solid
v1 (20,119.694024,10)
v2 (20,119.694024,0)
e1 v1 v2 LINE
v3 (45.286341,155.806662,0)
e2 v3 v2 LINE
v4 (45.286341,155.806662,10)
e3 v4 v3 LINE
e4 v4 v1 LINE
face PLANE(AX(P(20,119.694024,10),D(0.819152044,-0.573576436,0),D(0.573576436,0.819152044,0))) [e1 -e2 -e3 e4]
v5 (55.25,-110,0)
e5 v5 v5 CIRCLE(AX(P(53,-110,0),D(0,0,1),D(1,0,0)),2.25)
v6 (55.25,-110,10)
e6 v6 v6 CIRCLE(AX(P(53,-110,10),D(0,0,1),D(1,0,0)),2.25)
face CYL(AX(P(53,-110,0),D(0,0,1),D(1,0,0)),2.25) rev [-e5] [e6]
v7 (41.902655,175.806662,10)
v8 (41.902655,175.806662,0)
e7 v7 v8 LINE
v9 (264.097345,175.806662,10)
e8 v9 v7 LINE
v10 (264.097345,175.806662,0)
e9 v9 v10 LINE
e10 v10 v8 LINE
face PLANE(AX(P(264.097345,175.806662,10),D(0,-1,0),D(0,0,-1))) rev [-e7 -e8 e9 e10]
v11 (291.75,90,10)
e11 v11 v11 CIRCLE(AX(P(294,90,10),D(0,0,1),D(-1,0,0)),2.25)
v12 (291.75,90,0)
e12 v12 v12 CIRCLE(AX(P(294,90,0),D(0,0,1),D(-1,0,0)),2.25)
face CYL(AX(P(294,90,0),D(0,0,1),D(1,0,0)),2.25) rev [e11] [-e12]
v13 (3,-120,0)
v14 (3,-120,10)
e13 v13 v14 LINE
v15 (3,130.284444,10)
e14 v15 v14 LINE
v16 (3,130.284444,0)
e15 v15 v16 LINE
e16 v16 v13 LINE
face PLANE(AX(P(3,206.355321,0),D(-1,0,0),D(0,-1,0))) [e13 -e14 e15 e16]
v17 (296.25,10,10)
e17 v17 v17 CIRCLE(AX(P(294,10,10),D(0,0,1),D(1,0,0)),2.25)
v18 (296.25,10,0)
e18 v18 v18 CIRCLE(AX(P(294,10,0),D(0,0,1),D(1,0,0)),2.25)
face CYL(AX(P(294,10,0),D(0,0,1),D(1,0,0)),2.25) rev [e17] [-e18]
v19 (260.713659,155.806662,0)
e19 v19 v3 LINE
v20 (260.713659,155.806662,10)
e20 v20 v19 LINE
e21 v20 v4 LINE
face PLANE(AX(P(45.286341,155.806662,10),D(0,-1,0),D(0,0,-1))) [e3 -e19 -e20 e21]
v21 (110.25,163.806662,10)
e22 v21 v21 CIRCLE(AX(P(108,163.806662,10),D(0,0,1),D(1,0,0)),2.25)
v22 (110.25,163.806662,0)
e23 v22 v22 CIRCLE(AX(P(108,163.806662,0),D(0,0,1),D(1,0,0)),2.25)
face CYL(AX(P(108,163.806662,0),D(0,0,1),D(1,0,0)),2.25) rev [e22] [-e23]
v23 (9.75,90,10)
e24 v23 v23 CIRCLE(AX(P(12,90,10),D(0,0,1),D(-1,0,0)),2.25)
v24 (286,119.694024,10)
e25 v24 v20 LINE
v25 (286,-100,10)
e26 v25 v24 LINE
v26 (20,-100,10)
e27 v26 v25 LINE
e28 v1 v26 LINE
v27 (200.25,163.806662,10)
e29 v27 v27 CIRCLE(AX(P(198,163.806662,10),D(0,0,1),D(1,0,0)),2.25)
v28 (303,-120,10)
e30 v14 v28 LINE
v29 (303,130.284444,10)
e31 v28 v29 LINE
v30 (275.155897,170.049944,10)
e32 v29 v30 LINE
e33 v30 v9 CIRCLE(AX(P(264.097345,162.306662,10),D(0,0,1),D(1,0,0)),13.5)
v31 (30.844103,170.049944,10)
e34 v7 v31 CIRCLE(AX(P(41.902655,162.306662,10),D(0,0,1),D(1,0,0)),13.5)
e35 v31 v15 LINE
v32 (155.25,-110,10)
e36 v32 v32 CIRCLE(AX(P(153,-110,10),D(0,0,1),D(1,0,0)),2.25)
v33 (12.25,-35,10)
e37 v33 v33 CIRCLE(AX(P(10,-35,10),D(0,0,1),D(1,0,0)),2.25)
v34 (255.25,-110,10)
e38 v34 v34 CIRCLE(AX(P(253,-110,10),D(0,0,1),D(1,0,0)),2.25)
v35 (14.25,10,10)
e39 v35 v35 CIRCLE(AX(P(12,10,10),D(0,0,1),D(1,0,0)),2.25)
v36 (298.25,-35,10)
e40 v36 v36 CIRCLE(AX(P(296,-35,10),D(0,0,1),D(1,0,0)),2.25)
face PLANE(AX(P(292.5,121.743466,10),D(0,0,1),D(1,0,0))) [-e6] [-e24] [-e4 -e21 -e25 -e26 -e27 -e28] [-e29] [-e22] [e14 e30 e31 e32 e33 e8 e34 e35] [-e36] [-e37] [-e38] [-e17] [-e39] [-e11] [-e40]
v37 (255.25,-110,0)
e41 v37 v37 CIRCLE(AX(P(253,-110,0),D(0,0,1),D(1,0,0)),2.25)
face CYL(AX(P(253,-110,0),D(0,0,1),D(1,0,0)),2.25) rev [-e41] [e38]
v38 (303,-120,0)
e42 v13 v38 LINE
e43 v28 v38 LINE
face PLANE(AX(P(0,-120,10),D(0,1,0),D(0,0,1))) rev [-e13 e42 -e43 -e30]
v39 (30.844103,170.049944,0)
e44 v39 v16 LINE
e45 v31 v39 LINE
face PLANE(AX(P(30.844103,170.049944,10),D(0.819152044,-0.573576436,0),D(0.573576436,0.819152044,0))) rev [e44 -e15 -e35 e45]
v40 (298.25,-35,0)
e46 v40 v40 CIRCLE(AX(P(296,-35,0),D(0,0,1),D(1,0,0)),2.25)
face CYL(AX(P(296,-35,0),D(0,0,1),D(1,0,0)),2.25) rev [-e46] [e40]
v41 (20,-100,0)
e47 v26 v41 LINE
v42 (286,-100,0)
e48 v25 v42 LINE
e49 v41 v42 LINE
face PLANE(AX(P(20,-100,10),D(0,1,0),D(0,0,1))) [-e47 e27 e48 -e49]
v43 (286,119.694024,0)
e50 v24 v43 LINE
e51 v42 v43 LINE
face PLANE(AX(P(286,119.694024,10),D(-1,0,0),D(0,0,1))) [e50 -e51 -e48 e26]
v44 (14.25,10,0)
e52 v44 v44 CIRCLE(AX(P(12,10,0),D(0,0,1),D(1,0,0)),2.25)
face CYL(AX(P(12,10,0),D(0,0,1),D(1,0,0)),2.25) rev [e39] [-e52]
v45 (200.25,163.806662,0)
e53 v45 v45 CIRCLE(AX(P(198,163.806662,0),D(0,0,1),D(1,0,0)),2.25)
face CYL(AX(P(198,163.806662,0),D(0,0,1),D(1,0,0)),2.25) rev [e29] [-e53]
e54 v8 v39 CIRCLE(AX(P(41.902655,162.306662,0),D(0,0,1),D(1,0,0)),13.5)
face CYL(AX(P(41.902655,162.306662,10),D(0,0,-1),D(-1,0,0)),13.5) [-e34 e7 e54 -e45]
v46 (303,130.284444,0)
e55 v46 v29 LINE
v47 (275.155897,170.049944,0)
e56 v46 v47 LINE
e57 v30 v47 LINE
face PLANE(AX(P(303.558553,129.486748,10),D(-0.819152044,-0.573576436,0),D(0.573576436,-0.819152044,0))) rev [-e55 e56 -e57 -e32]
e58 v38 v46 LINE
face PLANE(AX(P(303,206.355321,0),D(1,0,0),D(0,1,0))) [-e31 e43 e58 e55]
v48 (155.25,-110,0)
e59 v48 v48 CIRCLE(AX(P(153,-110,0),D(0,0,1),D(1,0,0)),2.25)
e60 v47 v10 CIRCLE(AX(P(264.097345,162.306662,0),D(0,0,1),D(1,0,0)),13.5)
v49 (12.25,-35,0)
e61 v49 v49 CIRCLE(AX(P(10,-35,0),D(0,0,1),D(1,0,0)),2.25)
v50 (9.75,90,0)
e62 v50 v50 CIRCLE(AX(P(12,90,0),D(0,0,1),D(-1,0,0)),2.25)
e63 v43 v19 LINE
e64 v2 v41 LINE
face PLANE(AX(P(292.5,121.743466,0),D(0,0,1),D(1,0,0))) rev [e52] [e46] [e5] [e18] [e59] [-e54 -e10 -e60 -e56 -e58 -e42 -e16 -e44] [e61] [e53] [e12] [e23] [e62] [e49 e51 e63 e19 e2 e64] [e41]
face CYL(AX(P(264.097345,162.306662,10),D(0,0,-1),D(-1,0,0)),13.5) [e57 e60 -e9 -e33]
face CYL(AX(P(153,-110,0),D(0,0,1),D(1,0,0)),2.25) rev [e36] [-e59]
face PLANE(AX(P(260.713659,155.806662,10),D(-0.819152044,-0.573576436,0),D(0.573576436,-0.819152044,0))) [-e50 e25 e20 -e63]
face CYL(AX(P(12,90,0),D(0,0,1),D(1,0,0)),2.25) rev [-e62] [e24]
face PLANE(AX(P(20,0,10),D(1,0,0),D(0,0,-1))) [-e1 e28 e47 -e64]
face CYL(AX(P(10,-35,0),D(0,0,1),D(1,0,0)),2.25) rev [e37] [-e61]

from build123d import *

# Parameters (mm, degrees)
SALIENTE_EXTRUIR1_DEPTH = 10
CROQUIS2_R              = 2.25
CORTAR_EXTRUIR1_DEPTH   = 11
CROQUIS3_R              = 2.25
CORTAR_EXTRUIR2_DEPTH   = 10
CROQUIS4_OUTSIDE_W      = 393.144
CROQUIS4_OUTSIDE_H      = 382.951
CROQUIS4_OUTSIDE_W_2    = 300
CROQUIS4_OUTSIDE_H_2    = 346.918637929
CORTAR_EXTRUIR3_DEPTH   = 10


with BuildPart() as part:
    # Croquis1 → Saliente-Extruir1 (new body)
    with BuildSketch(Plane.XY):
        with BuildLine():
            Line((303.558552598, 129.486748241), (275.155897415, 170.049943626))
            ThreePointArc((275.155897415, 170.049943626), (270.330951096, 174.281307983), (264.097344818, 175.806661735))
            Line((264.097344818, 175.806661735), (41.902655182, 175.806661735))
            ThreePointArc((41.902655182, 175.806661735), (35.669048904, 174.281307983), (30.844102585, 170.049943626))
            Line((30.844102585, 170.049943626), (2.441447402, 129.486748241))
            ThreePointArc((2.441447402, 129.486748241), (0.624821165, 125.802994643), (0, 121.74346635))
            Line((0, 121.74346635), (0, 0))
            Line((0, 0), (0, -120))
            Line((0, -120), (306, -120))
            Line((306, -120), (306, 0))
            Line((306, 0), (306, 121.74346635))
            ThreePointArc((306, 121.74346635), (305.375178835, 125.802994643), (303.558552598, 129.486748241))
        make_face()
        Polygon((20, 0), (20, 119.694024222), (45.286341011, 155.806661735), (260.713658989, 155.806661735), (286, 119.694024222), (286, 0), (286, -100), (20, -100), align=None, mode=Mode.SUBTRACT)
    extrude(amount=SALIENTE_EXTRUIR1_DEPTH)

    # Croquis2 → Cortar-Extruir1 (cut, through all)
    with BuildSketch(Plane.XY.offset(10)):
        with Locations((108, 163.806661735)):
            Circle(CROQUIS2_R)
        with Locations((198, 163.806661735)):
            Circle(CROQUIS2_R)
        with Locations((12, 10)):
            Circle(CROQUIS2_R)
        with Locations((294, 10)):
            Circle(CROQUIS2_R)
        with Locations((294, 90)):
            Circle(CROQUIS2_R)
        with Locations((12, 90)):
            Circle(CROQUIS2_R)
    extrude(amount=-CORTAR_EXTRUIR1_DEPTH, mode=Mode.SUBTRACT)

    # Croquis3 → Cortar-Extruir2 (cut)
    with BuildSketch(Plane.XY.offset(10)):
        with Locations((10, -35)):
            Circle(CROQUIS3_R)
        with Locations((296, -35)):
            Circle(CROQUIS3_R)
        with Locations((53, -110)):
            Circle(CROQUIS3_R)
        with Locations((153, -110)):
            Circle(CROQUIS3_R)
        with Locations((253, -110)):
            Circle(CROQUIS3_R)
    extrude(amount=-CORTAR_EXTRUIR2_DEPTH, mode=Mode.SUBTRACT)

    # Croquis4 outside → Cortar-Extruir3 (cut)
    with BuildSketch(Plane.XY.offset(10)):
        with Locations((153, 27.9035)):
            Rectangle(CROQUIS4_OUTSIDE_W, CROQUIS4_OUTSIDE_H)
        with Locations((153, 32.896001841)):
            Rectangle(CROQUIS4_OUTSIDE_W_2, CROQUIS4_OUTSIDE_H_2, mode=Mode.SUBTRACT)
    extrude(amount=-CORTAR_EXTRUIR3_DEPTH, mode=Mode.SUBTRACT)


solid = part.part
